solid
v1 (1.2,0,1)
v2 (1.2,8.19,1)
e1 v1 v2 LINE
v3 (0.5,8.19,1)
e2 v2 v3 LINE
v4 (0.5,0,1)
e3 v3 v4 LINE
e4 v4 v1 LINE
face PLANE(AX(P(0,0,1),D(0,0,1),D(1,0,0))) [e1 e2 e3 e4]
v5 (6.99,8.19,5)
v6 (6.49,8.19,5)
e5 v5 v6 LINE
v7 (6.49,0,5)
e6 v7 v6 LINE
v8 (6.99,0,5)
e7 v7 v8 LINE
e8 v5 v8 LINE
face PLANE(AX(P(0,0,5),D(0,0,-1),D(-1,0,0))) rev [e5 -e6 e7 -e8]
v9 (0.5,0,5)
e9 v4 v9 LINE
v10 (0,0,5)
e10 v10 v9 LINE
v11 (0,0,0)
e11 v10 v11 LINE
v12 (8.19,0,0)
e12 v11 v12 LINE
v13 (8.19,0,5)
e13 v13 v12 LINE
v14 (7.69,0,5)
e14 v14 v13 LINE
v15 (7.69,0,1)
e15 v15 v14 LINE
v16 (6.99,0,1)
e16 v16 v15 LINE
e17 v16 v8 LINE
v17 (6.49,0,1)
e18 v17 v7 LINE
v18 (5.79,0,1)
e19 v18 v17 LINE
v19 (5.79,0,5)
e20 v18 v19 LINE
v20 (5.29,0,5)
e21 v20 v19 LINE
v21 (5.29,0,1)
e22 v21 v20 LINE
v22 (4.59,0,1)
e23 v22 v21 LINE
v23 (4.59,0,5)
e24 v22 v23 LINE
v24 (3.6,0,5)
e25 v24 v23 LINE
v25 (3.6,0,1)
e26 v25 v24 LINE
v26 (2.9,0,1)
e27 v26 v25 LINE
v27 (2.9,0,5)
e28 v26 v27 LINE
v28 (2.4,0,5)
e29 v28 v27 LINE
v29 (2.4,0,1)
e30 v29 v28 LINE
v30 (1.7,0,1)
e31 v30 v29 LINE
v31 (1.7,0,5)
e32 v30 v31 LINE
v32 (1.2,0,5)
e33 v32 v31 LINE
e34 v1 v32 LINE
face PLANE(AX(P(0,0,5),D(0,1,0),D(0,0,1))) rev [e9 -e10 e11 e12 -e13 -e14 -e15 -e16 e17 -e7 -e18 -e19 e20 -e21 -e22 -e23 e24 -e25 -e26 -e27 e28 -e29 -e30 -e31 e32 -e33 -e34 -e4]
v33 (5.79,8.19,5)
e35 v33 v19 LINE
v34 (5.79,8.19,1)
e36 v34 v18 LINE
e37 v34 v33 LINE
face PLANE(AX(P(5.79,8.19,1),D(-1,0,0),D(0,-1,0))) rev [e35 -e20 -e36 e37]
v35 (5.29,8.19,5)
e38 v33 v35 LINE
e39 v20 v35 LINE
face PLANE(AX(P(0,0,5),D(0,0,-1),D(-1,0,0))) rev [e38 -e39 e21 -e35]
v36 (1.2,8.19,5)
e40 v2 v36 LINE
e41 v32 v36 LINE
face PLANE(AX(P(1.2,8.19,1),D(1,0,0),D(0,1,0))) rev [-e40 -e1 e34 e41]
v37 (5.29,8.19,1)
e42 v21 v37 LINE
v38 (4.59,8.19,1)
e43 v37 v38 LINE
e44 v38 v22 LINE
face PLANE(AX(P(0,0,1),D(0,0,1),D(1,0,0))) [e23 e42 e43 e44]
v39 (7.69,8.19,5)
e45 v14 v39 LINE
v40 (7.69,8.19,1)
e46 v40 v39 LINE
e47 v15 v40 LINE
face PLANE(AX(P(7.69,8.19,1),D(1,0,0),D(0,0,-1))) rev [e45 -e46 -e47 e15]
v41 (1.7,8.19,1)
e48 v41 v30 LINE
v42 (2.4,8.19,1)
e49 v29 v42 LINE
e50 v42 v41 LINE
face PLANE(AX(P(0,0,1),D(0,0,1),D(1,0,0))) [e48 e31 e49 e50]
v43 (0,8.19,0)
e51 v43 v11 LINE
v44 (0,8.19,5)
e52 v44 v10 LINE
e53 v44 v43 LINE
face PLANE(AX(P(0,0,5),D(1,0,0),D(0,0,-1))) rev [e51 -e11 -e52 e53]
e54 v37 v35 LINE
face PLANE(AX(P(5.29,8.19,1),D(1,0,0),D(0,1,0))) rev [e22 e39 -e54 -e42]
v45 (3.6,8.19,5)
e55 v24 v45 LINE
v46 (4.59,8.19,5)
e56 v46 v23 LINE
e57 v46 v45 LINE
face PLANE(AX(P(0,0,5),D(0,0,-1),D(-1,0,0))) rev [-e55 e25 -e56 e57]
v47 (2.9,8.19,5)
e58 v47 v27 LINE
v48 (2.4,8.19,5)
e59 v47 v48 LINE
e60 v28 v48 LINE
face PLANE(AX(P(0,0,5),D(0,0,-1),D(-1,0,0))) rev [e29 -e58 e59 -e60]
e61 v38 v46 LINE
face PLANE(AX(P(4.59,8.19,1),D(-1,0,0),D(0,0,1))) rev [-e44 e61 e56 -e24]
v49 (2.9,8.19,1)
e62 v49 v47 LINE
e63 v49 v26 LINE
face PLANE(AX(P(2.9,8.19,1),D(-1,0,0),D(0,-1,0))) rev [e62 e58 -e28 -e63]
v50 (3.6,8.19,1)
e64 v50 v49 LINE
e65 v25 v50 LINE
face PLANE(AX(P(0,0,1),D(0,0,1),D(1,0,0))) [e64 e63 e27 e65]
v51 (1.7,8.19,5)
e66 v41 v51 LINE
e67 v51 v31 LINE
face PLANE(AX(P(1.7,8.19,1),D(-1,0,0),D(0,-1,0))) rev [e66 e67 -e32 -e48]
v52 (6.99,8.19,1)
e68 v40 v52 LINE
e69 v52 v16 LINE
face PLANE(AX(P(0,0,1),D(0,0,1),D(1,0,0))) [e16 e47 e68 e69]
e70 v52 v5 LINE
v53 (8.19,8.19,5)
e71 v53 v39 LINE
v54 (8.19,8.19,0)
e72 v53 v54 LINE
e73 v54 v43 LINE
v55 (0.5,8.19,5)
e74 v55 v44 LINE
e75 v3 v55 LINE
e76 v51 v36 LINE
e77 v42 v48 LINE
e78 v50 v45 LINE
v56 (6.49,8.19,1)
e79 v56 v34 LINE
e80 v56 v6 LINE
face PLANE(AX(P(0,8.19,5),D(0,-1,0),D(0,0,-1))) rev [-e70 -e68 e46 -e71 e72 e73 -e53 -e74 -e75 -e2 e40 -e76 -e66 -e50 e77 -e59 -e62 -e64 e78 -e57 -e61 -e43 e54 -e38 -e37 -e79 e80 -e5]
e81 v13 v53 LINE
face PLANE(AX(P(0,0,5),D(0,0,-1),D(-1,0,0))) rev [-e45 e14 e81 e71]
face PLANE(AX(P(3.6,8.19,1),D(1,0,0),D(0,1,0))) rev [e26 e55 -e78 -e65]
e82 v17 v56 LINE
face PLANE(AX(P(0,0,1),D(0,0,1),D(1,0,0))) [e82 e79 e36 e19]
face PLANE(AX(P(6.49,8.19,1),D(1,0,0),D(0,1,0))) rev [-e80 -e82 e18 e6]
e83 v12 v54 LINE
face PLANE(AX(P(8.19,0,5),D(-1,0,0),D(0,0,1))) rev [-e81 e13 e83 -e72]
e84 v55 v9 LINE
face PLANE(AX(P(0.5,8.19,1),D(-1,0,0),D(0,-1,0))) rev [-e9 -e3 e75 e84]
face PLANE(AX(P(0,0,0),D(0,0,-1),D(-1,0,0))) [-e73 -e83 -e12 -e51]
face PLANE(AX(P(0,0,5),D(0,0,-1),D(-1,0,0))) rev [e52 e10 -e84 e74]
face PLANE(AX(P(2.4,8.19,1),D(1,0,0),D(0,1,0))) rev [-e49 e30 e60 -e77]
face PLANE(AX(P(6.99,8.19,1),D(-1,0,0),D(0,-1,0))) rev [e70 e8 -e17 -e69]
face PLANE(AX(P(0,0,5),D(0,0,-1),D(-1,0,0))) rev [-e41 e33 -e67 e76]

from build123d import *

# Parameters (mm, degrees)
ESQUISSE1_W             = 8.19
ESQUISSE1_H             = 8.19
BOSS_EXTRU_1_DEPTH      = 5
ESQUISSE2_W             = 0.7
ESQUISSE2_H             = 8.19
ENL_V_MAT_EXTRU_1_DEPTH = 4


with BuildPart() as part:
    # Esquisse1 → Boss.-Extru.1 (new body)
    with BuildSketch(Plane.XY):
        with Locations((4.095, 4.095)):
            Rectangle(ESQUISSE1_W, ESQUISSE1_H)
    extrude(amount=BOSS_EXTRU_1_DEPTH)

    # Esquisse2 → Enlèv. mat.-Extru.1 (cut)
    with BuildSketch(Plane.XY.offset(5)):
        with Locations((0.85, 4.095)):
            Rectangle(ESQUISSE2_W, ESQUISSE2_H)
        with Locations((2.05, 4.095)):
            Rectangle(ESQUISSE2_W, ESQUISSE2_H)
        with Locations((4.94, 4.095)):
            Rectangle(ESQUISSE2_W, ESQUISSE2_H)
        with Locations((3.25, 4.095)):
            Rectangle(ESQUISSE2_W, ESQUISSE2_H)
        with Locations((6.14, 4.095)):
            Rectangle(ESQUISSE2_W, ESQUISSE2_H)
        with Locations((7.34, 4.095)):
            Rectangle(ESQUISSE2_W, ESQUISSE2_H)
    extrude(amount=-ENL_V_MAT_EXTRU_1_DEPTH, mode=Mode.SUBTRACT)


solid = part.part
